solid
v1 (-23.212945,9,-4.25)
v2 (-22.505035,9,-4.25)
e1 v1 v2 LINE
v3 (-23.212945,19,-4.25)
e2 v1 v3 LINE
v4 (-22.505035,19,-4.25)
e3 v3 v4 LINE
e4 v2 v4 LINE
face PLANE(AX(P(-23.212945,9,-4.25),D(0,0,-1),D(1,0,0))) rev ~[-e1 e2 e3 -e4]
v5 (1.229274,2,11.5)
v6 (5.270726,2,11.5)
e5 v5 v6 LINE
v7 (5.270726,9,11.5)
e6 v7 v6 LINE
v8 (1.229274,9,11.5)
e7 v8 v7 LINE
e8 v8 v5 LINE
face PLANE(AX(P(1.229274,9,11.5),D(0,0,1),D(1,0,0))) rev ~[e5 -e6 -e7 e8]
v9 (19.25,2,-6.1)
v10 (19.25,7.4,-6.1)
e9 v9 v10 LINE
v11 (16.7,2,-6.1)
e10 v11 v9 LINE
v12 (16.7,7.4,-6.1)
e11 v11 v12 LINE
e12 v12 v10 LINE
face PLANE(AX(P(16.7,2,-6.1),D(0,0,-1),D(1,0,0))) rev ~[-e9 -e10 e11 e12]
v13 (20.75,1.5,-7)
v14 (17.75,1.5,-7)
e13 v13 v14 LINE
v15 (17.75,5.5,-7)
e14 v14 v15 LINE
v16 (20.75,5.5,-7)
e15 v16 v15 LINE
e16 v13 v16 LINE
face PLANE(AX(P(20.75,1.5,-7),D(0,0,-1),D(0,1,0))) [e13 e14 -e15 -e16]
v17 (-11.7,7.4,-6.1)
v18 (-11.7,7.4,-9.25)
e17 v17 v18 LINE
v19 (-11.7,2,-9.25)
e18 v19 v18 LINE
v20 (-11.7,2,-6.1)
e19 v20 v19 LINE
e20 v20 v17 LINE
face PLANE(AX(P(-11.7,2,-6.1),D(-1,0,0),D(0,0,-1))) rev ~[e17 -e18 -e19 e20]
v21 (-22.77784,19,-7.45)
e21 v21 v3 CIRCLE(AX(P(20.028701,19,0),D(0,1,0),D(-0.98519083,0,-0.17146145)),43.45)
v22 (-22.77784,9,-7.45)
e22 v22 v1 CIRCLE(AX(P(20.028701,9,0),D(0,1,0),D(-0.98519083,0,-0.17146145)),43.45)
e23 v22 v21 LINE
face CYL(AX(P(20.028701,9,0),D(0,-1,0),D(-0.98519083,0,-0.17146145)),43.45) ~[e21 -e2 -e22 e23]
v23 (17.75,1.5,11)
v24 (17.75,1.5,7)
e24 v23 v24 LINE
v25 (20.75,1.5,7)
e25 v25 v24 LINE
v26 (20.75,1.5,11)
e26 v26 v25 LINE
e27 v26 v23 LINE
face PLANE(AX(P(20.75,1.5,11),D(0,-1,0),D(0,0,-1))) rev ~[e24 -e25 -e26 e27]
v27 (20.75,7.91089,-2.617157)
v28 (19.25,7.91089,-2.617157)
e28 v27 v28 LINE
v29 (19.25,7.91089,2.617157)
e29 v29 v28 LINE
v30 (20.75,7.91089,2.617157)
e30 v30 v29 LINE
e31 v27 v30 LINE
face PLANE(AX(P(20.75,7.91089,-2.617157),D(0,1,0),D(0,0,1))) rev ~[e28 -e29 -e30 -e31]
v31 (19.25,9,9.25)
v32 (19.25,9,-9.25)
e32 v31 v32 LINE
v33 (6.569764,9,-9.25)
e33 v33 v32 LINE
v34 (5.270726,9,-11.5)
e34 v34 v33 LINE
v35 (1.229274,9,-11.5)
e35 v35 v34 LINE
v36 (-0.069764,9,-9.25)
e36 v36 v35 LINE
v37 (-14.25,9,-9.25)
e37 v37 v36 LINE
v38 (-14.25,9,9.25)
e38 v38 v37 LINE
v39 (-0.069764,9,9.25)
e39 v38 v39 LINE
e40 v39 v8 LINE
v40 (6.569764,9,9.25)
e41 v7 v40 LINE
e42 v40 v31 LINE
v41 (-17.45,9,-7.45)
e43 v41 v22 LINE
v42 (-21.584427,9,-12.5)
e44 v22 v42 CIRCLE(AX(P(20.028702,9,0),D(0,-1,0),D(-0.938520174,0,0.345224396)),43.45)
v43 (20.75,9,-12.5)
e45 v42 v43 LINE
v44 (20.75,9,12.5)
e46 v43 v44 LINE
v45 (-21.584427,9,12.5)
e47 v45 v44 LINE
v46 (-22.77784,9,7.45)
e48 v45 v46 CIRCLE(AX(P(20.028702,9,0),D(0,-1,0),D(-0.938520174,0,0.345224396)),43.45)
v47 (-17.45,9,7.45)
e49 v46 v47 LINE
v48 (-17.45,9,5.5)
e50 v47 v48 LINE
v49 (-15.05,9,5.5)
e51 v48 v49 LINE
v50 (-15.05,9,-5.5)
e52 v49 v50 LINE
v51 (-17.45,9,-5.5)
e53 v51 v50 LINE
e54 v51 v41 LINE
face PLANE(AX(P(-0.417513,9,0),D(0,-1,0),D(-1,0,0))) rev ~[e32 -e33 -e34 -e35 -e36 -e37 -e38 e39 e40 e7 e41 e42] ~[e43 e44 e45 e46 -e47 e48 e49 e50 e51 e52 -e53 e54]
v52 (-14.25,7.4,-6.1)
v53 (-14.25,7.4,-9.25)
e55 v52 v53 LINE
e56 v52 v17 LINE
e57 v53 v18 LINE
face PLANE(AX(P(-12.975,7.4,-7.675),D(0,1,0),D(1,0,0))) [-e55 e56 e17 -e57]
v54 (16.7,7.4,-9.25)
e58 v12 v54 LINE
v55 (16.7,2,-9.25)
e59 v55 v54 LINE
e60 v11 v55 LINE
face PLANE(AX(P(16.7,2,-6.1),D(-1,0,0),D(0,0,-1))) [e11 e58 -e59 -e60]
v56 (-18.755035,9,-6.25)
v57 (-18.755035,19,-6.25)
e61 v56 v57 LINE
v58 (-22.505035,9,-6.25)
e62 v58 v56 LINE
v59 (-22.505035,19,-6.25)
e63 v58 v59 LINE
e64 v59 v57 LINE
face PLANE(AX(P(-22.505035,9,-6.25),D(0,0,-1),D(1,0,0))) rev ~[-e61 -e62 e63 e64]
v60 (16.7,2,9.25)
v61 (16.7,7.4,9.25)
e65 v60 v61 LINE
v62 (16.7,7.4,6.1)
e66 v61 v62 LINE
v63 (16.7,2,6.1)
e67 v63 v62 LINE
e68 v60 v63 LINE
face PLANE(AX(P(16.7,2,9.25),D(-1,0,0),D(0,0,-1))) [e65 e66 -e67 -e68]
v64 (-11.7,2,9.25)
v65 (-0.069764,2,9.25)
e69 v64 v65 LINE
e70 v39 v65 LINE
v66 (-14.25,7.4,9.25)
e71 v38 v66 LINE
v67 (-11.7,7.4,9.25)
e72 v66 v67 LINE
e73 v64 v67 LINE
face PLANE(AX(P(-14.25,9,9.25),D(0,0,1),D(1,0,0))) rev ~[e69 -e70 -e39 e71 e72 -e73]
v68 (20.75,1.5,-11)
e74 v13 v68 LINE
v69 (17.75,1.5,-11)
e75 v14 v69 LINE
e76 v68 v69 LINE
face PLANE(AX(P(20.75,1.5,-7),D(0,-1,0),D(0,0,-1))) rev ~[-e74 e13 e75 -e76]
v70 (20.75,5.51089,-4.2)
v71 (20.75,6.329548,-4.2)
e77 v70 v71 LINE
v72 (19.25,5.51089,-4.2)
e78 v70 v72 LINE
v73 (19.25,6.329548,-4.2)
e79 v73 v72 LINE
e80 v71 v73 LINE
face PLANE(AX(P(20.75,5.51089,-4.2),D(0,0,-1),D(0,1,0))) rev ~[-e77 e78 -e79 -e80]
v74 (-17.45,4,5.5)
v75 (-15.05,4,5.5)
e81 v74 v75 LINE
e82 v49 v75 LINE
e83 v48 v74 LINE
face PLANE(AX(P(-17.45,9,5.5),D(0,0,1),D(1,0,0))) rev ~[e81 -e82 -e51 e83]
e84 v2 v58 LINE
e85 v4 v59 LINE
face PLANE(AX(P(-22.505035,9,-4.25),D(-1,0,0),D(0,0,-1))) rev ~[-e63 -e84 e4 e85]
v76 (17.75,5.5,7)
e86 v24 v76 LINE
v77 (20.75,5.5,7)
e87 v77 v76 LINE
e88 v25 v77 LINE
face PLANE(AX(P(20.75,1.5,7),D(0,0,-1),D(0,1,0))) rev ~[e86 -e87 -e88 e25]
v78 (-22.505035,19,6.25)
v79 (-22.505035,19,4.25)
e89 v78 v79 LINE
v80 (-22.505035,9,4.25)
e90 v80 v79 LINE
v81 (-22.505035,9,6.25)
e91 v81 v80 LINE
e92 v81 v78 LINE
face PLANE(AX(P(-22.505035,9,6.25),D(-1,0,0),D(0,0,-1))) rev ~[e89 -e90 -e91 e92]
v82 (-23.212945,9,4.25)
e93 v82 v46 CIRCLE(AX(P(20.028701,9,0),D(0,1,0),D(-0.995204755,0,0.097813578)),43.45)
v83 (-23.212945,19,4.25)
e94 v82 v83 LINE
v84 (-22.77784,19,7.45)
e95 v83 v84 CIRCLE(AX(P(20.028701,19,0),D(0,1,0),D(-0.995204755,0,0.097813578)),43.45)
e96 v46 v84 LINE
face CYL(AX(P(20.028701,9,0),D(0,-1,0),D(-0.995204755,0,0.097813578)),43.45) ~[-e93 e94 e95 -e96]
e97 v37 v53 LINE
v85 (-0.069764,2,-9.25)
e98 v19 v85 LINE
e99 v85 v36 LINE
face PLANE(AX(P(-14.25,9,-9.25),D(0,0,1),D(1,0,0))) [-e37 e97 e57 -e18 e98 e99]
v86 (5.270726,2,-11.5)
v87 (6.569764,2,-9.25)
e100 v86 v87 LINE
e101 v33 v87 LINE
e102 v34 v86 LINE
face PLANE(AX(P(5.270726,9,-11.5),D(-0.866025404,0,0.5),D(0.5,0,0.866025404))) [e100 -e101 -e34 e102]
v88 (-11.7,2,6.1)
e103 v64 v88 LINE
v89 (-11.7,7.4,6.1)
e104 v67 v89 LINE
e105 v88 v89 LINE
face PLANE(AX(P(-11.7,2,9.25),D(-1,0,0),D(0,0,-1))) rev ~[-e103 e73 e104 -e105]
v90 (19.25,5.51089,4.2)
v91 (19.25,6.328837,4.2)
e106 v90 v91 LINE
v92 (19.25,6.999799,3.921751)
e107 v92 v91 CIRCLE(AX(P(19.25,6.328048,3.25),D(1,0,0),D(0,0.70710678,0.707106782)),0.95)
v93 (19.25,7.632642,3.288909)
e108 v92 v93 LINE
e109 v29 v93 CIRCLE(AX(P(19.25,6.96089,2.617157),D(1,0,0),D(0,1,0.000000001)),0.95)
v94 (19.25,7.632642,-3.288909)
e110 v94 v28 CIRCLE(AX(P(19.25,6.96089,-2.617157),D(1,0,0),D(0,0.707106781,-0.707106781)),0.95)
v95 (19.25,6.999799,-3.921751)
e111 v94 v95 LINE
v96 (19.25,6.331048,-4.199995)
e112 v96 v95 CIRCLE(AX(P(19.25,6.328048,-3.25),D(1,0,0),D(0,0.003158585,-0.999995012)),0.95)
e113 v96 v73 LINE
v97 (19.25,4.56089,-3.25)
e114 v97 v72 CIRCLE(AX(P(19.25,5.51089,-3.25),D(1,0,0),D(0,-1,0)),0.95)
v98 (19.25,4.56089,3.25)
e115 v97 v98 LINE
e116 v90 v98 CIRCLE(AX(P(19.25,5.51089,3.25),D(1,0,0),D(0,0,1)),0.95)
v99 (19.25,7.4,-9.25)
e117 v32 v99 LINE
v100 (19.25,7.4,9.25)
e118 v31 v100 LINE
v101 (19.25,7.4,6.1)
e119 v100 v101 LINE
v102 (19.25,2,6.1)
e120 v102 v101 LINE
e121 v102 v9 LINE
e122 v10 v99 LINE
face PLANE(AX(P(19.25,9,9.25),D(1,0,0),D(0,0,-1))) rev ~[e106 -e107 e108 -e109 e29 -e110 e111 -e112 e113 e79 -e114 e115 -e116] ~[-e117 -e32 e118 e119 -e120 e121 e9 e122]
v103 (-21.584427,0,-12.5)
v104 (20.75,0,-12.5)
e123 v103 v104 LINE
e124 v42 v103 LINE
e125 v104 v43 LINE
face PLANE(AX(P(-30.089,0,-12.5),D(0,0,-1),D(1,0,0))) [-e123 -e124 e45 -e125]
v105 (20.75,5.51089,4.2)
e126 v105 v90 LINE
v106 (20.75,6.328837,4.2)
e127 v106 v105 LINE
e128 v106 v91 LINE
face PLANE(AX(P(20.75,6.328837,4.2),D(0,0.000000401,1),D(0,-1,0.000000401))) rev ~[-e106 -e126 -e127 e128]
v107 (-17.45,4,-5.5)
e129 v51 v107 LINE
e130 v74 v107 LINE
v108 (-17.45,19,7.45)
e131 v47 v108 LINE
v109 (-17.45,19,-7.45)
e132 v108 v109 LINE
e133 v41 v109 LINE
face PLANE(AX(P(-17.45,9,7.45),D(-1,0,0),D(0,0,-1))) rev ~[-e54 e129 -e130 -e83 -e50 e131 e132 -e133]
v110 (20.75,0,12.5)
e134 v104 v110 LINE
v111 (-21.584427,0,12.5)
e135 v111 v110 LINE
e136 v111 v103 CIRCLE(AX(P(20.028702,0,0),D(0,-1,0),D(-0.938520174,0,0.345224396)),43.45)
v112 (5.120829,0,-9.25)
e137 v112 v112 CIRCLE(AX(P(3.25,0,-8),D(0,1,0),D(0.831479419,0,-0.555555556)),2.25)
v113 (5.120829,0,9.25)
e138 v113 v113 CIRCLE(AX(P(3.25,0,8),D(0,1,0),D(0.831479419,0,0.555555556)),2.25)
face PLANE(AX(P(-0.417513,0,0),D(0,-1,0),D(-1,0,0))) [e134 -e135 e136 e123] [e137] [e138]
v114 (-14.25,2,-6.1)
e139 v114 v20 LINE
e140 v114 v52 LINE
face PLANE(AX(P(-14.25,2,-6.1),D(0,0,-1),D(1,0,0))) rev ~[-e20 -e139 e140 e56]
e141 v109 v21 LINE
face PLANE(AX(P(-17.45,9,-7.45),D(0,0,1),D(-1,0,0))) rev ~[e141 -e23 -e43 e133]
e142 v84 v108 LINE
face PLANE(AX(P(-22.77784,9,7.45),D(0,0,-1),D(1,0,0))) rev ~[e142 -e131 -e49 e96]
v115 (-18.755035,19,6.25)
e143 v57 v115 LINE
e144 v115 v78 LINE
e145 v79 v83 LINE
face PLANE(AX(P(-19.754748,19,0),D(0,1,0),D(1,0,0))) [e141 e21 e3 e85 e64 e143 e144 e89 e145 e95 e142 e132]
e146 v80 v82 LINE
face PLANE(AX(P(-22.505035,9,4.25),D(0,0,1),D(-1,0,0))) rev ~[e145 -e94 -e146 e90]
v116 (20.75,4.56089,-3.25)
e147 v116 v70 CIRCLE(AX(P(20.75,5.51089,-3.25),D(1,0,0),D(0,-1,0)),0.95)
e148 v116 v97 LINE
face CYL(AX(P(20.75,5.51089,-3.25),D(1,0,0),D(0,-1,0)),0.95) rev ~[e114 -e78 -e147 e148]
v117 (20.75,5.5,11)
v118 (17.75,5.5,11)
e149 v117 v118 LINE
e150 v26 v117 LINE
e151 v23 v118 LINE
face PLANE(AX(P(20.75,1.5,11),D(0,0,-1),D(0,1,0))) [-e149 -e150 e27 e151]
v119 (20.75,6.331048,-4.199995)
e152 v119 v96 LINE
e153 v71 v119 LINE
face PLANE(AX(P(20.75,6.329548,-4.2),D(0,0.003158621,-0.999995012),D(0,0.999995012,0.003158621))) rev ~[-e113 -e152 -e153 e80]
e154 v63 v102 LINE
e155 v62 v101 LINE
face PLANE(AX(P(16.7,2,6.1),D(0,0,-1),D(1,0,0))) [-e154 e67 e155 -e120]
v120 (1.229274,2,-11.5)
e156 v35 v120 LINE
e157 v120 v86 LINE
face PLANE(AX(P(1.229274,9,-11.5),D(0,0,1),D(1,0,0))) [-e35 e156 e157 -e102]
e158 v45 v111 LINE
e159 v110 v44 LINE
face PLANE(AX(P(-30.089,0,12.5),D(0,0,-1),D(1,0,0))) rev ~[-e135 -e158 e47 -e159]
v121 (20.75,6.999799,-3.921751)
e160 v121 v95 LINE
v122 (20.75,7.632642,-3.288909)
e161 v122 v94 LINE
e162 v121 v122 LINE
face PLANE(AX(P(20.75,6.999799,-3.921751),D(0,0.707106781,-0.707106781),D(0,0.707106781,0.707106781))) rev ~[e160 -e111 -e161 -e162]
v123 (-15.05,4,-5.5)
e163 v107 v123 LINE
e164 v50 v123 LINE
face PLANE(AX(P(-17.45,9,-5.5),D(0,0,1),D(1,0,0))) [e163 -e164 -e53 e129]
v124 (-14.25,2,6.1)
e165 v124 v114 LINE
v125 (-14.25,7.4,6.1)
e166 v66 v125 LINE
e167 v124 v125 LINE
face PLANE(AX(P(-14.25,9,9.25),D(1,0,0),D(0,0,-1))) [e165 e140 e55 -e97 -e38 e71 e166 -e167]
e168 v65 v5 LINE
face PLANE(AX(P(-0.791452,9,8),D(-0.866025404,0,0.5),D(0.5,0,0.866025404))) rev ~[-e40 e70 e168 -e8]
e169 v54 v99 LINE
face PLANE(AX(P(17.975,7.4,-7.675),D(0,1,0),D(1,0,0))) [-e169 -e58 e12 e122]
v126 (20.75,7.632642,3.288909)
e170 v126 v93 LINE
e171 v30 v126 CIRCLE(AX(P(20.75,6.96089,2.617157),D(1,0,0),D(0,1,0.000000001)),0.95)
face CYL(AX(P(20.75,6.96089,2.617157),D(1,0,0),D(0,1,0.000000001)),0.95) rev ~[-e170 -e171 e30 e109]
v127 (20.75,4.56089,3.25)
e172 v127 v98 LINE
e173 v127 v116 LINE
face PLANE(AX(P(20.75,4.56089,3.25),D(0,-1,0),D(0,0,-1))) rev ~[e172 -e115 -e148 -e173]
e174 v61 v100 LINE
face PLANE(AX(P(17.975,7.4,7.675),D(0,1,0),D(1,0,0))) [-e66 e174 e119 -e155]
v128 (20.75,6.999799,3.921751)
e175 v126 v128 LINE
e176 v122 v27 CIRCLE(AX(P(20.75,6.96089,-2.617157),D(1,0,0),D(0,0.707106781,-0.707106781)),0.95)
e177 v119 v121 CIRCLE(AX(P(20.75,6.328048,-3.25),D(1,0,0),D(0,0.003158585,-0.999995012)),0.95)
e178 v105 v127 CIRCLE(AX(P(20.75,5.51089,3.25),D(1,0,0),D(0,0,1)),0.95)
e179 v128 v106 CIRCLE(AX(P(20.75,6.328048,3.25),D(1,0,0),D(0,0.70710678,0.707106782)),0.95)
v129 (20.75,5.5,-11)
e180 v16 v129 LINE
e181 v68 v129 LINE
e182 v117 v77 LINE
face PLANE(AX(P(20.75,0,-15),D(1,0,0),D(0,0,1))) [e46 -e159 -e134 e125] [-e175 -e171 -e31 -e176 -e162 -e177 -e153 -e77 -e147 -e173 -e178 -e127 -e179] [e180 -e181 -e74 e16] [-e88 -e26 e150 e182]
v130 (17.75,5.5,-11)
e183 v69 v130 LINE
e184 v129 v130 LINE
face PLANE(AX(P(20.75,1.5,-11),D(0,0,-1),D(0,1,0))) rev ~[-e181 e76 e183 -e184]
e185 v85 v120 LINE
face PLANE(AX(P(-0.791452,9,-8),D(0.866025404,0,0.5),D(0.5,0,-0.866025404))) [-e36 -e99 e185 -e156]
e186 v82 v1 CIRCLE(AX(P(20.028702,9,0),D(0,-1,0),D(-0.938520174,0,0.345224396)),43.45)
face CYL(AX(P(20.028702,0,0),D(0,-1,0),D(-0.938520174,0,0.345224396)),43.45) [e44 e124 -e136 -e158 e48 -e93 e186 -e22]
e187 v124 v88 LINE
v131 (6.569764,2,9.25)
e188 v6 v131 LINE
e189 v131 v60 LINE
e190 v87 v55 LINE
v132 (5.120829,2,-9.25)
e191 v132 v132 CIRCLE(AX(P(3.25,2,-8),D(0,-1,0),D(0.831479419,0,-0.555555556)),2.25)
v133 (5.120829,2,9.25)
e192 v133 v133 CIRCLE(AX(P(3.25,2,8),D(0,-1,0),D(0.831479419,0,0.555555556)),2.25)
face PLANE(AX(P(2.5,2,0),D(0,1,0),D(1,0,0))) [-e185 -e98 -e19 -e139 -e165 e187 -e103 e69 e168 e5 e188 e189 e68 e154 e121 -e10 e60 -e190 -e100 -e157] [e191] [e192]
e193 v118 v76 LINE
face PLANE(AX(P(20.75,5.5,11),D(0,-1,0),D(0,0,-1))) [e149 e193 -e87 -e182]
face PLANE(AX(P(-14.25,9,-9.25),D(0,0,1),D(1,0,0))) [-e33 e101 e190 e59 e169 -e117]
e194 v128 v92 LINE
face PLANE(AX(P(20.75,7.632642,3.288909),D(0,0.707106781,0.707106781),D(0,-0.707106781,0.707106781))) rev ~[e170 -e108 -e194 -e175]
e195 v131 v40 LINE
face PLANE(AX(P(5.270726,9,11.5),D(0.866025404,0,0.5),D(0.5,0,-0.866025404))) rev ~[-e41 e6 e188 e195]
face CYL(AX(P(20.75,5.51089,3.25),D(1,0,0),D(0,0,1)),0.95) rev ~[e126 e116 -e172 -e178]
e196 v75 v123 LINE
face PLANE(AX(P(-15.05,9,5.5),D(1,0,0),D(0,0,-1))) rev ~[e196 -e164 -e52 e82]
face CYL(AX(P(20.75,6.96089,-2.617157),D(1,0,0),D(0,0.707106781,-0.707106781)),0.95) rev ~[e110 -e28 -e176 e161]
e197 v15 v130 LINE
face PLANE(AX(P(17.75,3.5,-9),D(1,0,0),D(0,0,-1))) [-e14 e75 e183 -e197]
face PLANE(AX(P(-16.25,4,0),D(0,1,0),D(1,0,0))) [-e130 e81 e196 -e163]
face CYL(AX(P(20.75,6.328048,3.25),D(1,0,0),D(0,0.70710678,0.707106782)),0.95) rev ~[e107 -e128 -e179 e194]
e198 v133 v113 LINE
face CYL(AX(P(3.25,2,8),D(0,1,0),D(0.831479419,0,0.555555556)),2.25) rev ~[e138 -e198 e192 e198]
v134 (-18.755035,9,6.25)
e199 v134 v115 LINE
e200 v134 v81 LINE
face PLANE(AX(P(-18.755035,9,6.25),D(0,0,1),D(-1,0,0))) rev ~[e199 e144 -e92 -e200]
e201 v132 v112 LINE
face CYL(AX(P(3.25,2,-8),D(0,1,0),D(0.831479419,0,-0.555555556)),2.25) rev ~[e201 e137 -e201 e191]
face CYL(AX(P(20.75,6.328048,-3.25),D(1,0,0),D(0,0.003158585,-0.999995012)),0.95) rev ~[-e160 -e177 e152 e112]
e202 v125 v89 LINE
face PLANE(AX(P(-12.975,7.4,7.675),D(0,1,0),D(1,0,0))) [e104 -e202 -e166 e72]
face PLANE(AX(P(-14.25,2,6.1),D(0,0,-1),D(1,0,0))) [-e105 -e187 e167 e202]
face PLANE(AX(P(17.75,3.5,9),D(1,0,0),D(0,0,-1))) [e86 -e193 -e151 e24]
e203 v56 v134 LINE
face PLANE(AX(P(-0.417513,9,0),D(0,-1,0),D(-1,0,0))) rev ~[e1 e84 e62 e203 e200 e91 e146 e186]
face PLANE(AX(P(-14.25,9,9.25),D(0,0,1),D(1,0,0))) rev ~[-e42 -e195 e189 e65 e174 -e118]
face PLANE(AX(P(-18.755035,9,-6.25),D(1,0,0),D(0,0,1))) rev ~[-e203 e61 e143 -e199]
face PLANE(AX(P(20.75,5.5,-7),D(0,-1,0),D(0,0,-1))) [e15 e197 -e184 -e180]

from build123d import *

# Parameters (mm, degrees)
BOSS_EXTRUDE1_DEPTH  = 9
SKETCH17_W           = 33.5
SKETCH17_H           = 18.5
CUT_EXTRUDE8_DEPTH   = 7
SKETCH18_W           = 2.55
SKETCH18_H           = 3.15
BOSS_EXTRUDE2_DEPTH  = 5.4
CUT_EXTRUDE13_REACH  = 49.509
CUT_EXTRUDE15_REACH  = 30.68
SKETCH27_R           = 2.25
CUT_EXTRUDE14_DEPTH  = 7
SKETCH28_W           = 2.4
SKETCH28_H           = 11
CUT_EXTRUDE16_DEPTH  = 5
SKETCH29_W           = 4
SKETCH29_H           = 4
CUT_EXTRUDE17_DEPTH  = 3
BOSS_EXTRUDE4_DEPTH  = 10
SKETCH33_OUTSIDE_W   = 57.507
SKETCH33_OUTSIDE_H   = 43.336
SKETCH33_OUTSIDE_W_2 = 61.074574046
SKETCH33_OUTSIDE_H_2 = 25
CUT_EXTRUDE24_DEPTH  = 34.683188999


with BuildPart() as part:
    # Sketch1 → Boss-Extrude1 (new body)
    with BuildSketch(Plane(origin=(0, 0, 0), x_dir=(1, 0, 0), z_dir=(0, 1, 0))):
        with BuildLine():
            Line((-20.75, 15), (20.75, 15))
            Line((20.75, 15), (20.75, -15))
            Line((20.75, -15), (-20.75, -15))
            ThreePointArc((-20.75, -15), (-23.421298451, 0), (-20.75, 15))
        make_face()
    extrude(amount=BOSS_EXTRUDE1_DEPTH)

    # Sketch17 → Cut-Extrude8 (cut)
    with BuildSketch(Plane(origin=(0, 9, 0), x_dir=(1, 0, 0), z_dir=(0, 1, 0))):
        with Locations((2.5, 0)):
            Rectangle(SKETCH17_W, SKETCH17_H)
    extrude(amount=-CUT_EXTRUDE8_DEPTH, mode=Mode.SUBTRACT)

    # Sketch18 → Boss-Extrude2 (add)
    with BuildSketch(Plane(origin=(0, 2, 0), x_dir=(1, 0, 0), z_dir=(0, 1, 0))):
        with Locations((-12.975, 7.675)):
            Rectangle(SKETCH18_W, SKETCH18_H)
        with Locations((-12.975, -7.675)):
            Rectangle(SKETCH18_W, SKETCH18_H)
        with Locations((17.975, 7.675)):
            Rectangle(SKETCH18_W, SKETCH18_H)
        with Locations((17.975, -7.675)):
            Rectangle(SKETCH18_W, SKETCH18_H)
    extrude(amount=BOSS_EXTRUDE2_DEPTH)

    # Sketch25 → Cut-Extrude13 (cut, up to next)
    with BuildSketch(Plane(origin=(20.75, 0, 0), x_dir=(0, 0, -1), z_dir=(1, 0, 0)), mode=Mode.PRIVATE) as cut_extrude13_sk1:
        with BuildLine():
            Line((3.921751442, 6.999799178), (3.28890873, 7.63264189))
            ThreePointArc((3.28890873, 7.63264189), (2.980706548, 7.838576004), (2.617157288, 7.910890448))
            Line((2.617157288, 7.910890448), (-2.617157288, 7.910890448))
            ThreePointArc((-2.617157288, 7.910890448), (-2.980706548, 7.838576004), (-3.28890873, 7.63264189))
            Line((-3.28890873, 7.63264189), (-3.921751442, 6.999799178))
            ThreePointArc((-3.921751442, 6.999799178), (-4.127534378, 6.691961757), (-4.199999672, 6.328837431))
            Line((-4.199999672, 6.328837431), (-4.2, 5.510890448))
            ThreePointArc((-4.2, 5.510890448), (-3.921751442, 4.839139006), (-3.25, 4.560890448))
            Line((-3.25, 4.560890448), (3.25, 4.560890448))
            ThreePointArc((3.25, 4.560890448), (3.921751442, 4.839139006), (4.2, 5.510890448))
            Line((4.2, 5.510890448), (4.2, 6.329548061))
            Line((4.2, 6.329548061), (4.199995261, 6.331048392))
            ThreePointArc((4.199995261, 6.331048392), (4.12711031, 6.692982667), (3.921751442, 6.999799178))
        make_face()
    cut_extrude13_tool1 = extrude(cut_extrude13_sk1.sketch, amount=-CUT_EXTRUDE13_REACH, mode=Mode.PRIVATE) & part.part
    add(cut_extrude13_tool1.solids().sort_by_distance((20.75, 6.185522, 0))[0], mode=Mode.SUBTRACT)

    # Sketch27 → Cut-Extrude15 (cut, up to next)
    with BuildSketch(Plane(origin=(0, 2, 0), x_dir=(1, 0, 0), z_dir=(0, 1, 0)), mode=Mode.PRIVATE) as cut_extrude15_sk1:
        with Locations(Location((3.25, -8, 0), (0, 0, 326.251011404))):
            Circle(SKETCH27_R)
    cut_extrude15_tool1 = extrude(cut_extrude15_sk1.sketch, amount=-CUT_EXTRUDE15_REACH, mode=Mode.PRIVATE) & part.part
    # Sketch27 → Cut-Extrude15 (cut, up to next)
    with BuildSketch(Plane(origin=(0, 2, 0), x_dir=(1, 0, 0), z_dir=(0, 1, 0)), mode=Mode.PRIVATE) as cut_extrude15_sk2:
        with Locations(Location((3.25, 8, 0), (0, 0, 33.748988596))):
            Circle(SKETCH27_R)
    cut_extrude15_tool2 = extrude(cut_extrude15_sk2.sketch, amount=-CUT_EXTRUDE15_REACH, mode=Mode.PRIVATE) & part.part
    add(cut_extrude15_tool1.solids().sort_by_distance((3.25, 2, 8))[0], mode=Mode.SUBTRACT)
    add(cut_extrude15_tool2.solids().sort_by_distance((3.25, 2, -8))[0], mode=Mode.SUBTRACT)

    # Sketch26 → Cut-Extrude14 (cut)
    with BuildSketch(Plane(origin=(0, 9, 0), x_dir=(1, 0, 0), z_dir=(0, 1, 0))):
        Polygon((5.270725942, -4.5), (1.229274058, -4.5), (-0.791451884, -8), (1.229274058, -11.5), (5.270725942, -11.5), (7.291451884, -8), align=None)
        Polygon((7.291451884, 8), (5.270725942, 4.5), (1.229274058, 4.5), (-0.791451884, 8), (1.229274058, 11.5), (5.270725942, 11.5), align=None)
    extrude(amount=-CUT_EXTRUDE14_DEPTH, mode=Mode.SUBTRACT)

    # Sketch28 → Cut-Extrude16 (cut)
    with BuildSketch(Plane(origin=(0, 9, 0), x_dir=(1, 0, 0), z_dir=(0, 1, 0))):
        with Locations((-16.25, 0)):
            Rectangle(SKETCH28_W, SKETCH28_H)
    extrude(amount=-CUT_EXTRUDE16_DEPTH, mode=Mode.SUBTRACT)

    # Sketch29 → Cut-Extrude17 (cut)
    with BuildSketch(Plane(origin=(20.75, 0, 0), x_dir=(0, 0, -1), z_dir=(1, 0, 0))):
        with Locations((-9, 3.5)):
            Rectangle(SKETCH29_W, SKETCH29_H)
        with Locations((9, 3.5)):
            Rectangle(SKETCH29_W, SKETCH29_H)
    extrude(amount=-CUT_EXTRUDE17_DEPTH, mode=Mode.SUBTRACT)

    # Sketch32 → Boss-Extrude4 (add)
    with BuildSketch(Plane(origin=(0, 9, 0), x_dir=(1, 0, 0), z_dir=(0, 1, 0))):
        with BuildLine():
            Line((-22.005035217, 6.25), (-18.755035217, 6.25))
            Line((-18.755035217, 6.25), (-18.755035217, -6.25))
            Line((-18.755035217, -6.25), (-22.505035217, -6.25))
            Line((-22.505035217, -6.25), (-22.505035217, -4.25))
            Line((-22.505035217, -4.25), (-23.212945043, -4.25))
            ThreePointArc((-23.212945043, -4.25), (-23.025133018, -5.854043824), (-22.777840007, -7.45))
            Line((-22.777840007, -7.45), (-17.45, -7.45))
            Line((-17.45, -7.45), (-17.45, -5.5))
            Line((-17.45, -5.5), (-17.45, 5.5))
            Line((-17.45, 5.5), (-17.45, 7.45))
            Line((-17.45, 7.45), (-22.777840007, 7.45))
            ThreePointArc((-22.777840007, 7.45), (-23.025133018, 5.854043824), (-23.212945043, 4.25))
            Line((-23.212945043, 4.25), (-22.505035217, 4.25))
            Line((-22.505035217, 4.25), (-22.505035217, 6.25))
            Line((-22.505035217, 6.25), (-22.005035217, 6.25))
        make_face()
    extrude(amount=BOSS_EXTRUDE4_DEPTH)

    # Sketch33 outside → Cut-Extrude24 (cut, through all)
    with BuildSketch(Plane(origin=(0, 0, 0), x_dir=(1, 0, 0), z_dir=(0, 1, 0))):
        with Locations((-1.3355, 0)):
            Rectangle(SKETCH33_OUTSIDE_W, SKETCH33_OUTSIDE_H)
        Rectangle(SKETCH33_OUTSIDE_W_2, SKETCH33_OUTSIDE_H_2, mode=Mode.SUBTRACT)
    extrude(amount=CUT_EXTRUDE24_DEPTH, mode=Mode.SUBTRACT)


solid = part.part
